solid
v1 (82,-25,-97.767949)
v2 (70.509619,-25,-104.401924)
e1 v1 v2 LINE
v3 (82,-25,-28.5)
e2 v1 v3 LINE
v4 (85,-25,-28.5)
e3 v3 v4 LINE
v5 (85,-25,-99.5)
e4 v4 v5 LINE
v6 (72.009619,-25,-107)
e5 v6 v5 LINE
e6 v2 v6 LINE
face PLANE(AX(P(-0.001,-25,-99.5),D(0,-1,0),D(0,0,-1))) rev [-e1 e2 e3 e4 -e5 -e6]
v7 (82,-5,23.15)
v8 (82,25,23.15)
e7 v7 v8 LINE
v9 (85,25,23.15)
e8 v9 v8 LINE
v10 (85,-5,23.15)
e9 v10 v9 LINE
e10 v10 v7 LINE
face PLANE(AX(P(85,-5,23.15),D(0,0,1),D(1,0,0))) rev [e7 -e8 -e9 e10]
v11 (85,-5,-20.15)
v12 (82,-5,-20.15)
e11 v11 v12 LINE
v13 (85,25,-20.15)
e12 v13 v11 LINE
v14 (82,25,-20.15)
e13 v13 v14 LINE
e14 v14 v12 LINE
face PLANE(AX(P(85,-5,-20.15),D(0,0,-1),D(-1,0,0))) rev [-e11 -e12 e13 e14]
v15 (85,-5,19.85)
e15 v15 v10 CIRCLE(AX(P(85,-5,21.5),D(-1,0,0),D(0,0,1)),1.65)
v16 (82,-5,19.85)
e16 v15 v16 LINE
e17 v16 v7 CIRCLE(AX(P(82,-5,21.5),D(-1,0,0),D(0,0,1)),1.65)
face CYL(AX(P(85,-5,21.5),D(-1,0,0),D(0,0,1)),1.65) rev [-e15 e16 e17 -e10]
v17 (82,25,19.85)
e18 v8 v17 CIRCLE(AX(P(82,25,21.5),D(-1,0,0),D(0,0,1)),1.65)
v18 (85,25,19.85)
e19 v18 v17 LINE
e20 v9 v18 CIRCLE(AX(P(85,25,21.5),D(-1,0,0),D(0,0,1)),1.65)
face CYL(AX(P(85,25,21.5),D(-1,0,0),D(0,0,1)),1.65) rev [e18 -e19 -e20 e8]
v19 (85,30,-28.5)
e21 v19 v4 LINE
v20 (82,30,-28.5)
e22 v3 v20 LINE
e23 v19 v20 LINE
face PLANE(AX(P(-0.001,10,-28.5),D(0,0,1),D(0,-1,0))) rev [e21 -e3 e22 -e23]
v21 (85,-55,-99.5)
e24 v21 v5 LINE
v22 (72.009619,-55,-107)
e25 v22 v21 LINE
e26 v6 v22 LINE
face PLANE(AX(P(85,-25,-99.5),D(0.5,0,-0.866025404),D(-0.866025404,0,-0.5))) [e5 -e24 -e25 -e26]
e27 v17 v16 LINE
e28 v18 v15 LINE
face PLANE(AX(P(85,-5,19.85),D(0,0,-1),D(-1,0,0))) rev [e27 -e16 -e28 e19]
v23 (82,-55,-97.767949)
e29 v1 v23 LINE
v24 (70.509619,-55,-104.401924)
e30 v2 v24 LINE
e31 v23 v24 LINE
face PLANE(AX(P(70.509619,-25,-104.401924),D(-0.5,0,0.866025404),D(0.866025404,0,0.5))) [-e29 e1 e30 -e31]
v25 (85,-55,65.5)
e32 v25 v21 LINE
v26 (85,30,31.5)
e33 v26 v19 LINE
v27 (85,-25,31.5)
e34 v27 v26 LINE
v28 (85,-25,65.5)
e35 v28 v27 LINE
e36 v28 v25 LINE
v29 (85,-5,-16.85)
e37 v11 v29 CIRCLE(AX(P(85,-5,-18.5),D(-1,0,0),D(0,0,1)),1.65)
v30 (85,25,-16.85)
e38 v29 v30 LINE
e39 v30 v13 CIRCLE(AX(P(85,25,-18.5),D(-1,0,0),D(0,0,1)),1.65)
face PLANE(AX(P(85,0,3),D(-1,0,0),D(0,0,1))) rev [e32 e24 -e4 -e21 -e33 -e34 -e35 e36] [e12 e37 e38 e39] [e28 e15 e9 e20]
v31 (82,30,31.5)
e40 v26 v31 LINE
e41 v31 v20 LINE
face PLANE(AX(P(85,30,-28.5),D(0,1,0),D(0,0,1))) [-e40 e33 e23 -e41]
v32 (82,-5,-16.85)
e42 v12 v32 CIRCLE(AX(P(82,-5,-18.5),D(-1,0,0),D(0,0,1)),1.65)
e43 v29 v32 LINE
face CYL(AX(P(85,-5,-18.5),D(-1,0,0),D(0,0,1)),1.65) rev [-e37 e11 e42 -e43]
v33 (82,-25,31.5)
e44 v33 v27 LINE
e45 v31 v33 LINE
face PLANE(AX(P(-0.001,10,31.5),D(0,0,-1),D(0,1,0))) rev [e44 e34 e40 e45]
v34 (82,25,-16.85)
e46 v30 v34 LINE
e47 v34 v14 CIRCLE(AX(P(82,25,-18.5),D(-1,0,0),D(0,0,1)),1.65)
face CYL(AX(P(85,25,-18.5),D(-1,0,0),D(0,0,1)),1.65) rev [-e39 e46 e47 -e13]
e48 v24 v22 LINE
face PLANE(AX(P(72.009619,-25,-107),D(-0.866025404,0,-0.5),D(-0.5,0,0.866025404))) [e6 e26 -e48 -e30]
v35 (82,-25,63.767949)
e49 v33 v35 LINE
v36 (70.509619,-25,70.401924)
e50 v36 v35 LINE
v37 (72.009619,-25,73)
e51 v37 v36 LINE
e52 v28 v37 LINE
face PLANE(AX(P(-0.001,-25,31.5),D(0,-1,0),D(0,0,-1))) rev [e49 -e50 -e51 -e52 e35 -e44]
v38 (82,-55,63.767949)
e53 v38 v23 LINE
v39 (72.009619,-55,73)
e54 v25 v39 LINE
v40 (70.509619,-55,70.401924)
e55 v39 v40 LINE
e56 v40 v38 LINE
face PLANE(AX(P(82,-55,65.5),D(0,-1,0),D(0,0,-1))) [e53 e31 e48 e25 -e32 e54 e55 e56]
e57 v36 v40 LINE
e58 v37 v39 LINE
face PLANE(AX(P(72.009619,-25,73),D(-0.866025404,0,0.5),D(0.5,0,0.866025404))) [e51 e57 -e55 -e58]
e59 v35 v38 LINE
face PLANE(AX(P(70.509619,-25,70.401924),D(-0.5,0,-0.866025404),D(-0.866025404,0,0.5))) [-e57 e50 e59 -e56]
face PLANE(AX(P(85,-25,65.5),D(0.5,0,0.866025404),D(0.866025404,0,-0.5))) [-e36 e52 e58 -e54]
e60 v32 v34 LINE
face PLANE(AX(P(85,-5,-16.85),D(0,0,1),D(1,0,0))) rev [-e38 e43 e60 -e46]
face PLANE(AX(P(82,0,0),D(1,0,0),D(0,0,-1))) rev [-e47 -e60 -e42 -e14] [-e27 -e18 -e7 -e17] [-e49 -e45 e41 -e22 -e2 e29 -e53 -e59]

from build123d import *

# Parameters (mm, degrees)
ESQUISSE1_W                         = 85
ESQUISSE1_H                         = 10
ESQUISSE1_R                         = 1
BOSS_EXTRU_1_DEPTH                  = 3
ESQUISSE2_W                         = 165
ESQUISSE2_H                         = 65
BOSS_EXTRU_2_DEPTH                  = 3
ENL_V_MAT_EXTRU_1_REACH             = 87
ESQUISSE3_W                         = 34
ESQUISSE3_H                         = 35
ESQUISSE3_W_2                       = 71
BOSS_EXTRU_3_DEPTH                  = 10
BOSS_EXTRU_5_DEPTH                  = 30
ENL_V_MAT_EXTRU_2_REACH             = 87
ESQUISSE8_R                         = 1.65
ENL_V_MAT_EXTRU_2_DIRECTION_2_DEPTH = 1
ENL_V_MAT_EXTRU_3_DEPTH             = 8
ESQUISSE12_W                        = 95.226934881
ESQUISSE12_H                        = 85.849602385
ENL_V_MAT_EXTRU_4_DEPTH             = 66
ESQUISSE13_W                        = 60
ESQUISSE13_H                        = 20
BOSS_EXTRU_6_DEPTH                  = 3
ENL_V_MAT_EXTRU_5_DEPTH             = 3


with BuildPart() as part:
    # Esquisse1 → Boss.-Extru.1 (new body)
    with BuildSketch(Plane.XY):
        with Locations((42.5, 5)):
            Rectangle(ESQUISSE1_W, ESQUISSE1_H)
        with Locations((5, 5)):
            Circle(ESQUISSE1_R, mode=Mode.SUBTRACT)
    extrude(amount=BOSS_EXTRU_1_DEPTH)

    # Esquisse2 → Boss.-Extru.2 (add)
    with BuildSketch(Plane(origin=(85, 0, 0), x_dir=(0, 0, -1), z_dir=(1, 0, 0))):
        with Locations((17, -22.5)):
            Rectangle(ESQUISSE2_W, ESQUISSE2_H)
    extrude(amount=-BOSS_EXTRU_2_DEPTH)

    # Esquisse3 → Enlèv. mat.-Extru.1 (cut, up to next)
    with BuildSketch(Plane(origin=(85, 0, 0), x_dir=(0, 0, -1), z_dir=(1, 0, 0)), mode=Mode.PRIVATE) as enl_v_mat_extru_1_sk1:
        with Locations((-48.5, -7.5)):
            Rectangle(ESQUISSE3_W, ESQUISSE3_H)
    enl_v_mat_extru_1_tool1 = extrude(enl_v_mat_extru_1_sk1.sketch, amount=-ENL_V_MAT_EXTRU_1_REACH, mode=Mode.PRIVATE) & part.part
    add(enl_v_mat_extru_1_tool1.solids().sort_by_distance((85, -7.5, 48.5))[0], mode=Mode.SUBTRACT)
    # Esquisse3 → Enlèv. mat.-Extru.1 (cut, up to next)
    with BuildSketch(Plane(origin=(85, 0, 0), x_dir=(0, 0, -1), z_dir=(1, 0, 0)), mode=Mode.PRIVATE) as enl_v_mat_extru_1_sk2:
        with Locations((64, -7.5)):
            Rectangle(ESQUISSE3_W_2, ESQUISSE3_H)
    enl_v_mat_extru_1_tool2 = extrude(enl_v_mat_extru_1_sk2.sketch, amount=-ENL_V_MAT_EXTRU_1_REACH, mode=Mode.PRIVATE) & part.part
    add(enl_v_mat_extru_1_tool2.solids().sort_by_distance((85, -7.5, -64))[0], mode=Mode.SUBTRACT)

    # Esquisse5 → Boss.-Extru.3 (add)
    with BuildSketch(Plane(origin=(0, 10, 0), x_dir=(1, 0, 0), z_dir=(0, 1, 0))):
        Polygon((63.707714548, 0), (82, 28.5), (82, 0), align=None)
        Polygon((63.707714548, -3), (82, -3), (82, -31.5), align=None)
    extrude(amount=-BOSS_EXTRU_3_DEPTH)

    # Esquisse7 → Boss.-Extru.5 (add)
    with BuildSketch(Plane.XZ.offset(55)):
        Polygon((85, 65.5), (72.009618943, 73), (70.509618943, 70.401923789), (82, 63.767949192), align=None)
        Polygon((70.509618943, -104.401923789), (82, -97.767949192), (85, -99.5), (72.009618943, -107), align=None)
    extrude(amount=-BOSS_EXTRU_5_DEPTH)

    # Esquisse8 → Enlèv. mat.-Extru.2 (cut, up to next)
    with BuildSketch(Plane(origin=(85, 0, 0), x_dir=(0, 0, -1), z_dir=(1, 0, 0)), mode=Mode.PRIVATE) as enl_v_mat_extru_2_sk1:
        with Locations((-21.5, 5)):
            Circle(ESQUISSE8_R)
    enl_v_mat_extru_2_tool1 = extrude(enl_v_mat_extru_2_sk1.sketch, amount=-ENL_V_MAT_EXTRU_2_REACH, mode=Mode.PRIVATE) & part.part
    add(enl_v_mat_extru_2_tool1.solids().sort_by_distance((85, 5, 21.5))[0], mode=Mode.SUBTRACT)
    # Esquisse8 → Enlèv. mat.-Extru.2 (cut, up to next)
    with BuildSketch(Plane(origin=(85, 0, 0), x_dir=(0, 0, -1), z_dir=(1, 0, 0)), mode=Mode.PRIVATE) as enl_v_mat_extru_2_sk2:
        with Locations((18.5, 5)):
            Circle(ESQUISSE8_R)
    enl_v_mat_extru_2_tool2 = extrude(enl_v_mat_extru_2_sk2.sketch, amount=-ENL_V_MAT_EXTRU_2_REACH, mode=Mode.PRIVATE) & part.part
    add(enl_v_mat_extru_2_tool2.solids().sort_by_distance((85, 5, -18.5))[0], mode=Mode.SUBTRACT)

    # Esquisse8 → Enlèv. mat.-Extru.2 direction 2 (cut)
    with BuildSketch(Plane(origin=(85, 0, 0), x_dir=(0, 0, -1), z_dir=(1, 0, 0))):
        with Locations((-21.5, 5)):
            Circle(ESQUISSE8_R)
        with Locations((18.5, 5)):
            Circle(ESQUISSE8_R)
    extrude(amount=ENL_V_MAT_EXTRU_2_DIRECTION_2_DEPTH, mode=Mode.SUBTRACT)

    # Esquisse9 → Enlèv. mat.-Extru.3 (cut)
    with BuildSketch(Plane.ZY.offset(-72)):
        Polygon((-16.854551733, 7.85), (-20.145448267, 7.85), (-21.790896534, 5), (-20.145448267, 2.15), (-16.854551733, 2.15), (-15.209103466, 5), align=None)
        Polygon((23.145448267, 7.85), (19.854551733, 7.85), (18.209103466, 5), (19.854551733, 2.15), (23.145448267, 2.15), (24.790896534, 5), align=None)
    extrude(amount=-ENL_V_MAT_EXTRU_3_DEPTH, mode=Mode.SUBTRACT)

    # Esquisse12 → Enlèv. mat.-Extru.4 (cut, through all)
    with BuildSketch(Plane(origin=(0, 10, 0), x_dir=(1, 0, 0), z_dir=(0, 1, 0))):
        with Locations((34.386532559, 2.239892923)):
            Rectangle(ESQUISSE12_W, ESQUISSE12_H)
    extrude(amount=-ENL_V_MAT_EXTRU_4_DEPTH, mode=Mode.SUBTRACT)

    # Esquisse13 → Boss.-Extru.6 (add)
    with BuildSketch(Plane.ZY.offset(-82)):
        with Locations((1.5, 20)):
            Rectangle(ESQUISSE13_W, ESQUISSE13_H)
    extrude(amount=-BOSS_EXTRU_6_DEPTH)

    # Esquisse14 → Enlèv. mat.-Extru.5 (cut)
    with BuildSketch(Plane.ZY.offset(-82)):
        with BuildLine():
            Line((-20.15, -5), (-20.15, 25))
            ThreePointArc((-20.15, 25), (-18.5, 26.65), (-16.85, 25))
            Line((-16.85, 25), (-16.85, -5))
            ThreePointArc((-16.85, -5), (-18.5, -6.65), (-20.15, -5))
        make_face()
        with BuildLine():
            Line((19.85, -5), (19.85, 25))
            ThreePointArc((19.85, 25), (21.5, 26.65), (23.15, 25))
            Line((23.15, 25), (23.15, -5))
            ThreePointArc((23.15, -5), (21.5, -6.65), (19.85, -5))
        make_face()
    extrude(amount=-ENL_V_MAT_EXTRU_5_DEPTH, mode=Mode.SUBTRACT)


solid = part.part
